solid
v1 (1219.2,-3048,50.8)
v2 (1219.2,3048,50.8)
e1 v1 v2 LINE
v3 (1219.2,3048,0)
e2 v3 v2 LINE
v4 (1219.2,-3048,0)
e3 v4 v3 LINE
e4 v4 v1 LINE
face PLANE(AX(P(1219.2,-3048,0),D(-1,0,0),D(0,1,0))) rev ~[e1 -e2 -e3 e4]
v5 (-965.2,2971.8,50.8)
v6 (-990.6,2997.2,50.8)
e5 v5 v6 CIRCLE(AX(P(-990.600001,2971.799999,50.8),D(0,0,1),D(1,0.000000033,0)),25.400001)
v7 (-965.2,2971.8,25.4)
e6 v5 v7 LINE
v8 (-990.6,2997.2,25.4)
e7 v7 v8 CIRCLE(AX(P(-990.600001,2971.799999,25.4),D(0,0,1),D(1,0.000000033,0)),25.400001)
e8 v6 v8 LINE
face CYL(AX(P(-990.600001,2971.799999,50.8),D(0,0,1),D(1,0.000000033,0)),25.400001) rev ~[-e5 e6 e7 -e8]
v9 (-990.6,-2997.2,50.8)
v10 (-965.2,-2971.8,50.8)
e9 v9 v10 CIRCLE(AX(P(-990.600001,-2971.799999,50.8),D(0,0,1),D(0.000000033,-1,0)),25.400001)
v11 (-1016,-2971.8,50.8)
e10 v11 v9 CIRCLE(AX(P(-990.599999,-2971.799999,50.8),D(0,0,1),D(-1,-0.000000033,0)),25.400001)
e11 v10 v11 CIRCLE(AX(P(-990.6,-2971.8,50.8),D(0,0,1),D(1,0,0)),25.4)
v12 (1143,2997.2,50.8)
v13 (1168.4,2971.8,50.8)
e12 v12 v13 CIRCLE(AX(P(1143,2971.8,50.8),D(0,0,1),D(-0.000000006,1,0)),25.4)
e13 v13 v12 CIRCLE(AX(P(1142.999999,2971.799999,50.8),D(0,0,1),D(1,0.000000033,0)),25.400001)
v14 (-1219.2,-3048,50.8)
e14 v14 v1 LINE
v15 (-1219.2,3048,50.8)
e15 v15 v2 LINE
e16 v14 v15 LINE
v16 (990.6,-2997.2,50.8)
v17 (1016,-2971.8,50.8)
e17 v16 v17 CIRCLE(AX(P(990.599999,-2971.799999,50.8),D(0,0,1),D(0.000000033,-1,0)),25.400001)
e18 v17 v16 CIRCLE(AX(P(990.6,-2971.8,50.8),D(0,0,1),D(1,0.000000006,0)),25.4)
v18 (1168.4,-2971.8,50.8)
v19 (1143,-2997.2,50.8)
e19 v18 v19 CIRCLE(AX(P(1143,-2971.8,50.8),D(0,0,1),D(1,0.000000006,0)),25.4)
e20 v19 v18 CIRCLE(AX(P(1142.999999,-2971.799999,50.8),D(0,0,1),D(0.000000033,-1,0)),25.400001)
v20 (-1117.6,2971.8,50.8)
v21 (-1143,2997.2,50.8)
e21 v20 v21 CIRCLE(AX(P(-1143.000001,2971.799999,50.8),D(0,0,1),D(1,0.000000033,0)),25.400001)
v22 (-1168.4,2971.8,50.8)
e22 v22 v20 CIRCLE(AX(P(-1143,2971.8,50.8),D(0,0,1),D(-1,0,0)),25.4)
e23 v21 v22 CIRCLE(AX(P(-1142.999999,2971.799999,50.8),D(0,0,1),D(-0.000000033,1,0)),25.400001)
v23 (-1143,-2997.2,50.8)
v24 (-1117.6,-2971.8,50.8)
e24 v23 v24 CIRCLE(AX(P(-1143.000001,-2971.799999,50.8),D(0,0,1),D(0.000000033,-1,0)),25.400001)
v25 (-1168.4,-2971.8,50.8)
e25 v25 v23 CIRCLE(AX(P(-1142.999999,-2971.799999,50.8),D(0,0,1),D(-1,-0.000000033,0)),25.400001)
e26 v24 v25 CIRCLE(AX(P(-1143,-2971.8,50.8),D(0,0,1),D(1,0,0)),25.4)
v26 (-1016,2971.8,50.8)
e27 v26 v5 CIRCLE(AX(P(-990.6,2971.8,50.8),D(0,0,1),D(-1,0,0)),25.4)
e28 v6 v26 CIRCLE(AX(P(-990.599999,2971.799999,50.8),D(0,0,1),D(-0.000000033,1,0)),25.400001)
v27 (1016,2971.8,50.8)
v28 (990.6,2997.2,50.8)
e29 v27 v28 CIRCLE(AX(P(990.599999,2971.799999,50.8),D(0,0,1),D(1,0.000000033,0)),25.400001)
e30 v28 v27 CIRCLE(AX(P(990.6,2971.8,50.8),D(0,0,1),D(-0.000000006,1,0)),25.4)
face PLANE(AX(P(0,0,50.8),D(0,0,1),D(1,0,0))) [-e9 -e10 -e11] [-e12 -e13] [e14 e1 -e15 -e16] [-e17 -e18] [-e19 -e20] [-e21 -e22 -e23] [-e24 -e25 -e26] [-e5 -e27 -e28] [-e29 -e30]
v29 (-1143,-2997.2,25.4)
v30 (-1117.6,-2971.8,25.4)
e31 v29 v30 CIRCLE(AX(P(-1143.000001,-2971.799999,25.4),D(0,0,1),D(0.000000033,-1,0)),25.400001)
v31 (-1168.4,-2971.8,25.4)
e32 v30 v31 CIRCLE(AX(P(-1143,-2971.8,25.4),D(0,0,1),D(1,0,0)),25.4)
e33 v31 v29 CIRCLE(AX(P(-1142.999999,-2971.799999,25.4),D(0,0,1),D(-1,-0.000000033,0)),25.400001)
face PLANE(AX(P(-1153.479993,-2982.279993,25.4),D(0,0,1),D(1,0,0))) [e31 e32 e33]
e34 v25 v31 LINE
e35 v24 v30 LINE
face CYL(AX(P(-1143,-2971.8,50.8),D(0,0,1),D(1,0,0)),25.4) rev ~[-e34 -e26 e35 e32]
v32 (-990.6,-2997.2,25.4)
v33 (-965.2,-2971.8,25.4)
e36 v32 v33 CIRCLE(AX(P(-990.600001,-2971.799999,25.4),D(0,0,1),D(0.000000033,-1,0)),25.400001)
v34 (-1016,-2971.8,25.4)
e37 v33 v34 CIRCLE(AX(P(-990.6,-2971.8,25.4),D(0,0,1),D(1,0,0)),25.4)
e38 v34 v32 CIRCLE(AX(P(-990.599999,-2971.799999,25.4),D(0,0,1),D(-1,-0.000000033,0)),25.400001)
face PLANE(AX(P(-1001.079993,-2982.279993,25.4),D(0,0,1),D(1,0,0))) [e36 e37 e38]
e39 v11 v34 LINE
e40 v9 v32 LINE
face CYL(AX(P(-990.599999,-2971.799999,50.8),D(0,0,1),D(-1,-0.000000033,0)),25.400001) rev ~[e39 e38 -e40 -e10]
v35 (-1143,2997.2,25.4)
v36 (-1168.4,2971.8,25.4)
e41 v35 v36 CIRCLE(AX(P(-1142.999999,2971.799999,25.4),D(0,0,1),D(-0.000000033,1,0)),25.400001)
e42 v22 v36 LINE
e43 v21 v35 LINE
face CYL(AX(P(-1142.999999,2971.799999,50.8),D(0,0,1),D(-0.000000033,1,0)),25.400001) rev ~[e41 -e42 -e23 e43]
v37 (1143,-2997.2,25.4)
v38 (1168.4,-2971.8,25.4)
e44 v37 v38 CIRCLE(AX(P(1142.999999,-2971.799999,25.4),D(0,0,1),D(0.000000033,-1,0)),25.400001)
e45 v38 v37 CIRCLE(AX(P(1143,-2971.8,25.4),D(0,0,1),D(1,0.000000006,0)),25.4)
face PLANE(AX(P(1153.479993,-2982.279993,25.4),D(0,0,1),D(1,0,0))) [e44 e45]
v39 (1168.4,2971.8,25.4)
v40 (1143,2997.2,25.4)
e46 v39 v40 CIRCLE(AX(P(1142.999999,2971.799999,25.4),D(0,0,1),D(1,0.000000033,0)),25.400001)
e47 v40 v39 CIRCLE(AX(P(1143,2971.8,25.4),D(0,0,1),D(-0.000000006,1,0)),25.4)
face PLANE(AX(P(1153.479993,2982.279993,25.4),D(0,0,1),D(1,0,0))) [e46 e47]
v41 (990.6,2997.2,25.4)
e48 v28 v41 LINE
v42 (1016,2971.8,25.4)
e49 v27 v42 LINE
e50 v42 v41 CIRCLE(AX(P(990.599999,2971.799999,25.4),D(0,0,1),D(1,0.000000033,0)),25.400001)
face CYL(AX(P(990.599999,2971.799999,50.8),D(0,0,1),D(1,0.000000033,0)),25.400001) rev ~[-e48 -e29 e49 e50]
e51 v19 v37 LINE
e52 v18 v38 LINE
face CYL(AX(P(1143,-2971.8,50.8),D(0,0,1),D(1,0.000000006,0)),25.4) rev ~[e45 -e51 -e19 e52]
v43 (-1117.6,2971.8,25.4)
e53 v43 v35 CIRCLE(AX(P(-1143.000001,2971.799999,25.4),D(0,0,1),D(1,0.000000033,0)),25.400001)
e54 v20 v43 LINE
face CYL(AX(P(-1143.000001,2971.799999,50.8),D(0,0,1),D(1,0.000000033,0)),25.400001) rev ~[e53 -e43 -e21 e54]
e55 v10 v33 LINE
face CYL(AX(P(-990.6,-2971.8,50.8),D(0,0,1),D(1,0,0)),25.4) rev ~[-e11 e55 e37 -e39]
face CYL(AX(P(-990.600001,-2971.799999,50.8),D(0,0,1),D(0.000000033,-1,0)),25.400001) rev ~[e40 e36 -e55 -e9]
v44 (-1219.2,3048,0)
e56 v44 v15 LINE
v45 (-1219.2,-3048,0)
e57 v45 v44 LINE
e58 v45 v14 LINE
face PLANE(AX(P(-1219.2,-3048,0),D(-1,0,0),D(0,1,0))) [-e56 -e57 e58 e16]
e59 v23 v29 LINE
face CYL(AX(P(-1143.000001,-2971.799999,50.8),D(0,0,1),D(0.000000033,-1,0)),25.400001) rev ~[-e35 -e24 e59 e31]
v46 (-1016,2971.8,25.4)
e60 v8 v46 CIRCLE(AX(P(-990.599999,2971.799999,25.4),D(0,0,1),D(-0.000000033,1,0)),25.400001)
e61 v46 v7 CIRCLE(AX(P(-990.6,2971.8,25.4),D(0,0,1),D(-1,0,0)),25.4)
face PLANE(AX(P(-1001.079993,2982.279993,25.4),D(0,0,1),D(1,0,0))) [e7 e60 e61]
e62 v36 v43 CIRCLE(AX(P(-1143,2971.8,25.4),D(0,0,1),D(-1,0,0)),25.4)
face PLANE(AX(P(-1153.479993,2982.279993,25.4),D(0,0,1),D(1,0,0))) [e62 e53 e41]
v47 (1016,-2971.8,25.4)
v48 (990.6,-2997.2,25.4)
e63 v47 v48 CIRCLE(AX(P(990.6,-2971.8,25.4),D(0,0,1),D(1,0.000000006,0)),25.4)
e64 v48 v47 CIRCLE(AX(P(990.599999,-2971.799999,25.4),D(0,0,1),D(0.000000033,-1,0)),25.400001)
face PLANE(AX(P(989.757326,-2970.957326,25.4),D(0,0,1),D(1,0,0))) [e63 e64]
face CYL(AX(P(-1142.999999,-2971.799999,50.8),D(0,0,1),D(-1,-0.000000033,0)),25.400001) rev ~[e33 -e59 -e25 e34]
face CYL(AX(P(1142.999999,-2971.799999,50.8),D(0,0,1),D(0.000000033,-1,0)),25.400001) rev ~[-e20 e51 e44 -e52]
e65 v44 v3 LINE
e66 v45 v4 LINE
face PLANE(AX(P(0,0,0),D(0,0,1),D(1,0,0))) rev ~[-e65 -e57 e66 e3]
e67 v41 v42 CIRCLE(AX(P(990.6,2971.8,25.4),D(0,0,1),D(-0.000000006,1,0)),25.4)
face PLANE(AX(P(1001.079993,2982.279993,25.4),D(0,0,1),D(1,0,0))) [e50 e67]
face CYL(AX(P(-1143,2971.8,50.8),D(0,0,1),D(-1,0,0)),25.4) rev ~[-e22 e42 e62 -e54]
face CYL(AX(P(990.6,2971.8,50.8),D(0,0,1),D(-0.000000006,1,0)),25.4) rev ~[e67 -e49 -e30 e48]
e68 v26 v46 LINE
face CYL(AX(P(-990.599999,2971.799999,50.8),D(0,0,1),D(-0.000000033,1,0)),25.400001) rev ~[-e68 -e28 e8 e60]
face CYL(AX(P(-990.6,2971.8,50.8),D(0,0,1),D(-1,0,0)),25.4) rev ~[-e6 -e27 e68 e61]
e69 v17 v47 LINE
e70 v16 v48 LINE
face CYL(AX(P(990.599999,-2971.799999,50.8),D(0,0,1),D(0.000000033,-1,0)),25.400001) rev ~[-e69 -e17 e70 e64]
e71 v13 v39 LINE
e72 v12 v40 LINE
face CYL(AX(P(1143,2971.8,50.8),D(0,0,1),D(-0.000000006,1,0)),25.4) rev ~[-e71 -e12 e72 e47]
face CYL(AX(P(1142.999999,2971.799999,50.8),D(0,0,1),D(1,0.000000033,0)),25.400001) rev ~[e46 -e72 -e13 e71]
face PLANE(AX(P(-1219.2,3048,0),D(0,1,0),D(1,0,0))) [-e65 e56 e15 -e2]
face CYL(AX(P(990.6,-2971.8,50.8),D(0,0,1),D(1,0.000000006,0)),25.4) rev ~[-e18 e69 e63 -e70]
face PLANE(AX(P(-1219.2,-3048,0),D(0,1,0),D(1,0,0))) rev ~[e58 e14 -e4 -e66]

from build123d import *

# Parameters (mm, degrees)
F0_W     = 2438.4
F0_H     = 6096
F1_DEPTH = 50.8
F3_DEPTH = 25.4
F5_DEPTH = 25.4


with BuildPart() as f1:
    # F0 (on Top) → F1 (new body)
    with BuildSketch(Plane.XY):
        Rectangle(F0_W, F0_H)
    extrude(amount=F1_DEPTH)

    # F2 (on face) → F3 (cut)
    with BuildSketch(Plane.XY.offset(50.8)):
        with BuildLine():
            Line((1143, 2971.8), (1168.4, 2971.8))
            ThreePointArc((1168.4, 2971.8), (1160.960512, 2989.760512), (1143, 2997.2))
            Line((1143, 2997.2), (1143, 2971.8))
        make_face()
        with BuildLine():
            ThreePointArc((1143, 2997.2), (1125.039488, 2953.839488), (1168.4, 2971.8))
            Line((1168.4, 2971.8), (1143, 2971.8))
            Line((1143, 2971.8), (1143, 2997.2))
        make_face()
        with BuildLine():
            Line((1143, -2971.8), (1143, -2997.2))
            ThreePointArc((1143, -2997.2), (1160.960512, -2989.760512), (1168.4, -2971.8))
            Line((1168.4, -2971.8), (1143, -2971.8))
        make_face()
        with BuildLine():
            ThreePointArc((1168.4, -2971.8), (1125.039488, -2953.839488), (1143, -2997.2))
            Line((1143, -2997.2), (1143, -2971.8))
            Line((1143, -2971.8), (1168.4, -2971.8))
        make_face()
        with BuildLine():
            ThreePointArc((-1168.4, -2971.8), (-1160.960512, -2989.760512), (-1143, -2997.2))
            Line((-1143, -2997.2), (-1143, -2971.8))
            Line((-1143, -2971.8), (-1168.4, -2971.8))
        make_face()
        with BuildLine():
            Line((-1143, -2971.8), (-1143, -2997.2))
            ThreePointArc((-1143, -2997.2), (-1125.039488, -2989.760512), (-1117.6, -2971.8))
            ThreePointArc((-1117.6, -2971.8), (-1143, -2946.4), (-1168.4, -2971.8))
            Line((-1168.4, -2971.8), (-1143, -2971.8))
        make_face()
        with BuildLine():
            ThreePointArc((-1143, 2997.2), (-1160.960512, 2989.760512), (-1168.4, 2971.8))
            Line((-1168.4, 2971.8), (-1143, 2971.8))
            Line((-1143, 2971.8), (-1143, 2997.2))
        make_face()
        with BuildLine():
            Line((-1143, 2971.8), (-1168.4, 2971.8))
            ThreePointArc((-1168.4, 2971.8), (-1143, 2946.4), (-1117.6, 2971.8))
            ThreePointArc((-1117.6, 2971.8), (-1125.039488, 2989.760512), (-1143, 2997.2))
            Line((-1143, 2997.2), (-1143, 2971.8))
        make_face()
    extrude(amount=-F3_DEPTH, mode=Mode.SUBTRACT)

    # F4 (on face) → F5 (cut)
    with BuildSketch(Plane.XY.offset(50.8)):
        with BuildLine():
            ThreePointArc((1016, -2971.8), (972.639488, -2953.839488), (990.6, -2997.2))
            Line((990.6, -2997.2), (990.6, -2971.8))
            Line((990.6, -2971.8), (1016, -2971.8))
        make_face()
        with BuildLine():
            Line((990.6, -2971.8), (990.6, -2997.2))
            ThreePointArc((990.6, -2997.2), (1008.560512, -2989.760512), (1016, -2971.8))
            Line((1016, -2971.8), (990.6, -2971.8))
        make_face()
        with BuildLine():
            Line((-990.6, -2971.8), (-1016, -2971.8))
            ThreePointArc((-1016, -2971.8), (-1008.560512, -2989.760512), (-990.6, -2997.2))
            Line((-990.6, -2997.2), (-990.6, -2971.8))
        make_face()
        with BuildLine():
            ThreePointArc((-965.2, -2971.8), (-990.6, -2946.4), (-1016, -2971.8))
            Line((-1016, -2971.8), (-990.6, -2971.8))
            Line((-990.6, -2971.8), (-990.6, -2997.2))
            ThreePointArc((-990.6, -2997.2), (-972.639488, -2989.760512), (-965.2, -2971.8))
        make_face()
        with BuildLine():
            ThreePointArc((1016, 2971.8), (1008.560512, 2989.760512), (990.6, 2997.2))
            Line((990.6, 2997.2), (990.6, 2971.8))
            Line((990.6, 2971.8), (1016, 2971.8))
        make_face()
        with BuildLine():
            Line((990.6, 2971.8), (990.6, 2997.2))
            ThreePointArc((990.6, 2997.2), (972.639488, 2953.839488), (1016, 2971.8))
            Line((1016, 2971.8), (990.6, 2971.8))
        make_face()
        with BuildLine():
            Line((-990.6, 2971.8), (-990.6, 2997.2))
            ThreePointArc((-990.6, 2997.2), (-1008.560512, 2989.760512), (-1016, 2971.8))
            Line((-1016, 2971.8), (-990.6, 2971.8))
        make_face()
        with BuildLine():
            ThreePointArc((-965.2, 2971.8), (-972.639488, 2989.760512), (-990.6, 2997.2))
            Line((-990.6, 2997.2), (-990.6, 2971.8))
            Line((-990.6, 2971.8), (-1016, 2971.8))
            ThreePointArc((-1016, 2971.8), (-990.6, 2946.4), (-965.2, 2971.8))
        make_face()
    extrude(amount=-F5_DEPTH, mode=Mode.SUBTRACT)


solid = f1.part
